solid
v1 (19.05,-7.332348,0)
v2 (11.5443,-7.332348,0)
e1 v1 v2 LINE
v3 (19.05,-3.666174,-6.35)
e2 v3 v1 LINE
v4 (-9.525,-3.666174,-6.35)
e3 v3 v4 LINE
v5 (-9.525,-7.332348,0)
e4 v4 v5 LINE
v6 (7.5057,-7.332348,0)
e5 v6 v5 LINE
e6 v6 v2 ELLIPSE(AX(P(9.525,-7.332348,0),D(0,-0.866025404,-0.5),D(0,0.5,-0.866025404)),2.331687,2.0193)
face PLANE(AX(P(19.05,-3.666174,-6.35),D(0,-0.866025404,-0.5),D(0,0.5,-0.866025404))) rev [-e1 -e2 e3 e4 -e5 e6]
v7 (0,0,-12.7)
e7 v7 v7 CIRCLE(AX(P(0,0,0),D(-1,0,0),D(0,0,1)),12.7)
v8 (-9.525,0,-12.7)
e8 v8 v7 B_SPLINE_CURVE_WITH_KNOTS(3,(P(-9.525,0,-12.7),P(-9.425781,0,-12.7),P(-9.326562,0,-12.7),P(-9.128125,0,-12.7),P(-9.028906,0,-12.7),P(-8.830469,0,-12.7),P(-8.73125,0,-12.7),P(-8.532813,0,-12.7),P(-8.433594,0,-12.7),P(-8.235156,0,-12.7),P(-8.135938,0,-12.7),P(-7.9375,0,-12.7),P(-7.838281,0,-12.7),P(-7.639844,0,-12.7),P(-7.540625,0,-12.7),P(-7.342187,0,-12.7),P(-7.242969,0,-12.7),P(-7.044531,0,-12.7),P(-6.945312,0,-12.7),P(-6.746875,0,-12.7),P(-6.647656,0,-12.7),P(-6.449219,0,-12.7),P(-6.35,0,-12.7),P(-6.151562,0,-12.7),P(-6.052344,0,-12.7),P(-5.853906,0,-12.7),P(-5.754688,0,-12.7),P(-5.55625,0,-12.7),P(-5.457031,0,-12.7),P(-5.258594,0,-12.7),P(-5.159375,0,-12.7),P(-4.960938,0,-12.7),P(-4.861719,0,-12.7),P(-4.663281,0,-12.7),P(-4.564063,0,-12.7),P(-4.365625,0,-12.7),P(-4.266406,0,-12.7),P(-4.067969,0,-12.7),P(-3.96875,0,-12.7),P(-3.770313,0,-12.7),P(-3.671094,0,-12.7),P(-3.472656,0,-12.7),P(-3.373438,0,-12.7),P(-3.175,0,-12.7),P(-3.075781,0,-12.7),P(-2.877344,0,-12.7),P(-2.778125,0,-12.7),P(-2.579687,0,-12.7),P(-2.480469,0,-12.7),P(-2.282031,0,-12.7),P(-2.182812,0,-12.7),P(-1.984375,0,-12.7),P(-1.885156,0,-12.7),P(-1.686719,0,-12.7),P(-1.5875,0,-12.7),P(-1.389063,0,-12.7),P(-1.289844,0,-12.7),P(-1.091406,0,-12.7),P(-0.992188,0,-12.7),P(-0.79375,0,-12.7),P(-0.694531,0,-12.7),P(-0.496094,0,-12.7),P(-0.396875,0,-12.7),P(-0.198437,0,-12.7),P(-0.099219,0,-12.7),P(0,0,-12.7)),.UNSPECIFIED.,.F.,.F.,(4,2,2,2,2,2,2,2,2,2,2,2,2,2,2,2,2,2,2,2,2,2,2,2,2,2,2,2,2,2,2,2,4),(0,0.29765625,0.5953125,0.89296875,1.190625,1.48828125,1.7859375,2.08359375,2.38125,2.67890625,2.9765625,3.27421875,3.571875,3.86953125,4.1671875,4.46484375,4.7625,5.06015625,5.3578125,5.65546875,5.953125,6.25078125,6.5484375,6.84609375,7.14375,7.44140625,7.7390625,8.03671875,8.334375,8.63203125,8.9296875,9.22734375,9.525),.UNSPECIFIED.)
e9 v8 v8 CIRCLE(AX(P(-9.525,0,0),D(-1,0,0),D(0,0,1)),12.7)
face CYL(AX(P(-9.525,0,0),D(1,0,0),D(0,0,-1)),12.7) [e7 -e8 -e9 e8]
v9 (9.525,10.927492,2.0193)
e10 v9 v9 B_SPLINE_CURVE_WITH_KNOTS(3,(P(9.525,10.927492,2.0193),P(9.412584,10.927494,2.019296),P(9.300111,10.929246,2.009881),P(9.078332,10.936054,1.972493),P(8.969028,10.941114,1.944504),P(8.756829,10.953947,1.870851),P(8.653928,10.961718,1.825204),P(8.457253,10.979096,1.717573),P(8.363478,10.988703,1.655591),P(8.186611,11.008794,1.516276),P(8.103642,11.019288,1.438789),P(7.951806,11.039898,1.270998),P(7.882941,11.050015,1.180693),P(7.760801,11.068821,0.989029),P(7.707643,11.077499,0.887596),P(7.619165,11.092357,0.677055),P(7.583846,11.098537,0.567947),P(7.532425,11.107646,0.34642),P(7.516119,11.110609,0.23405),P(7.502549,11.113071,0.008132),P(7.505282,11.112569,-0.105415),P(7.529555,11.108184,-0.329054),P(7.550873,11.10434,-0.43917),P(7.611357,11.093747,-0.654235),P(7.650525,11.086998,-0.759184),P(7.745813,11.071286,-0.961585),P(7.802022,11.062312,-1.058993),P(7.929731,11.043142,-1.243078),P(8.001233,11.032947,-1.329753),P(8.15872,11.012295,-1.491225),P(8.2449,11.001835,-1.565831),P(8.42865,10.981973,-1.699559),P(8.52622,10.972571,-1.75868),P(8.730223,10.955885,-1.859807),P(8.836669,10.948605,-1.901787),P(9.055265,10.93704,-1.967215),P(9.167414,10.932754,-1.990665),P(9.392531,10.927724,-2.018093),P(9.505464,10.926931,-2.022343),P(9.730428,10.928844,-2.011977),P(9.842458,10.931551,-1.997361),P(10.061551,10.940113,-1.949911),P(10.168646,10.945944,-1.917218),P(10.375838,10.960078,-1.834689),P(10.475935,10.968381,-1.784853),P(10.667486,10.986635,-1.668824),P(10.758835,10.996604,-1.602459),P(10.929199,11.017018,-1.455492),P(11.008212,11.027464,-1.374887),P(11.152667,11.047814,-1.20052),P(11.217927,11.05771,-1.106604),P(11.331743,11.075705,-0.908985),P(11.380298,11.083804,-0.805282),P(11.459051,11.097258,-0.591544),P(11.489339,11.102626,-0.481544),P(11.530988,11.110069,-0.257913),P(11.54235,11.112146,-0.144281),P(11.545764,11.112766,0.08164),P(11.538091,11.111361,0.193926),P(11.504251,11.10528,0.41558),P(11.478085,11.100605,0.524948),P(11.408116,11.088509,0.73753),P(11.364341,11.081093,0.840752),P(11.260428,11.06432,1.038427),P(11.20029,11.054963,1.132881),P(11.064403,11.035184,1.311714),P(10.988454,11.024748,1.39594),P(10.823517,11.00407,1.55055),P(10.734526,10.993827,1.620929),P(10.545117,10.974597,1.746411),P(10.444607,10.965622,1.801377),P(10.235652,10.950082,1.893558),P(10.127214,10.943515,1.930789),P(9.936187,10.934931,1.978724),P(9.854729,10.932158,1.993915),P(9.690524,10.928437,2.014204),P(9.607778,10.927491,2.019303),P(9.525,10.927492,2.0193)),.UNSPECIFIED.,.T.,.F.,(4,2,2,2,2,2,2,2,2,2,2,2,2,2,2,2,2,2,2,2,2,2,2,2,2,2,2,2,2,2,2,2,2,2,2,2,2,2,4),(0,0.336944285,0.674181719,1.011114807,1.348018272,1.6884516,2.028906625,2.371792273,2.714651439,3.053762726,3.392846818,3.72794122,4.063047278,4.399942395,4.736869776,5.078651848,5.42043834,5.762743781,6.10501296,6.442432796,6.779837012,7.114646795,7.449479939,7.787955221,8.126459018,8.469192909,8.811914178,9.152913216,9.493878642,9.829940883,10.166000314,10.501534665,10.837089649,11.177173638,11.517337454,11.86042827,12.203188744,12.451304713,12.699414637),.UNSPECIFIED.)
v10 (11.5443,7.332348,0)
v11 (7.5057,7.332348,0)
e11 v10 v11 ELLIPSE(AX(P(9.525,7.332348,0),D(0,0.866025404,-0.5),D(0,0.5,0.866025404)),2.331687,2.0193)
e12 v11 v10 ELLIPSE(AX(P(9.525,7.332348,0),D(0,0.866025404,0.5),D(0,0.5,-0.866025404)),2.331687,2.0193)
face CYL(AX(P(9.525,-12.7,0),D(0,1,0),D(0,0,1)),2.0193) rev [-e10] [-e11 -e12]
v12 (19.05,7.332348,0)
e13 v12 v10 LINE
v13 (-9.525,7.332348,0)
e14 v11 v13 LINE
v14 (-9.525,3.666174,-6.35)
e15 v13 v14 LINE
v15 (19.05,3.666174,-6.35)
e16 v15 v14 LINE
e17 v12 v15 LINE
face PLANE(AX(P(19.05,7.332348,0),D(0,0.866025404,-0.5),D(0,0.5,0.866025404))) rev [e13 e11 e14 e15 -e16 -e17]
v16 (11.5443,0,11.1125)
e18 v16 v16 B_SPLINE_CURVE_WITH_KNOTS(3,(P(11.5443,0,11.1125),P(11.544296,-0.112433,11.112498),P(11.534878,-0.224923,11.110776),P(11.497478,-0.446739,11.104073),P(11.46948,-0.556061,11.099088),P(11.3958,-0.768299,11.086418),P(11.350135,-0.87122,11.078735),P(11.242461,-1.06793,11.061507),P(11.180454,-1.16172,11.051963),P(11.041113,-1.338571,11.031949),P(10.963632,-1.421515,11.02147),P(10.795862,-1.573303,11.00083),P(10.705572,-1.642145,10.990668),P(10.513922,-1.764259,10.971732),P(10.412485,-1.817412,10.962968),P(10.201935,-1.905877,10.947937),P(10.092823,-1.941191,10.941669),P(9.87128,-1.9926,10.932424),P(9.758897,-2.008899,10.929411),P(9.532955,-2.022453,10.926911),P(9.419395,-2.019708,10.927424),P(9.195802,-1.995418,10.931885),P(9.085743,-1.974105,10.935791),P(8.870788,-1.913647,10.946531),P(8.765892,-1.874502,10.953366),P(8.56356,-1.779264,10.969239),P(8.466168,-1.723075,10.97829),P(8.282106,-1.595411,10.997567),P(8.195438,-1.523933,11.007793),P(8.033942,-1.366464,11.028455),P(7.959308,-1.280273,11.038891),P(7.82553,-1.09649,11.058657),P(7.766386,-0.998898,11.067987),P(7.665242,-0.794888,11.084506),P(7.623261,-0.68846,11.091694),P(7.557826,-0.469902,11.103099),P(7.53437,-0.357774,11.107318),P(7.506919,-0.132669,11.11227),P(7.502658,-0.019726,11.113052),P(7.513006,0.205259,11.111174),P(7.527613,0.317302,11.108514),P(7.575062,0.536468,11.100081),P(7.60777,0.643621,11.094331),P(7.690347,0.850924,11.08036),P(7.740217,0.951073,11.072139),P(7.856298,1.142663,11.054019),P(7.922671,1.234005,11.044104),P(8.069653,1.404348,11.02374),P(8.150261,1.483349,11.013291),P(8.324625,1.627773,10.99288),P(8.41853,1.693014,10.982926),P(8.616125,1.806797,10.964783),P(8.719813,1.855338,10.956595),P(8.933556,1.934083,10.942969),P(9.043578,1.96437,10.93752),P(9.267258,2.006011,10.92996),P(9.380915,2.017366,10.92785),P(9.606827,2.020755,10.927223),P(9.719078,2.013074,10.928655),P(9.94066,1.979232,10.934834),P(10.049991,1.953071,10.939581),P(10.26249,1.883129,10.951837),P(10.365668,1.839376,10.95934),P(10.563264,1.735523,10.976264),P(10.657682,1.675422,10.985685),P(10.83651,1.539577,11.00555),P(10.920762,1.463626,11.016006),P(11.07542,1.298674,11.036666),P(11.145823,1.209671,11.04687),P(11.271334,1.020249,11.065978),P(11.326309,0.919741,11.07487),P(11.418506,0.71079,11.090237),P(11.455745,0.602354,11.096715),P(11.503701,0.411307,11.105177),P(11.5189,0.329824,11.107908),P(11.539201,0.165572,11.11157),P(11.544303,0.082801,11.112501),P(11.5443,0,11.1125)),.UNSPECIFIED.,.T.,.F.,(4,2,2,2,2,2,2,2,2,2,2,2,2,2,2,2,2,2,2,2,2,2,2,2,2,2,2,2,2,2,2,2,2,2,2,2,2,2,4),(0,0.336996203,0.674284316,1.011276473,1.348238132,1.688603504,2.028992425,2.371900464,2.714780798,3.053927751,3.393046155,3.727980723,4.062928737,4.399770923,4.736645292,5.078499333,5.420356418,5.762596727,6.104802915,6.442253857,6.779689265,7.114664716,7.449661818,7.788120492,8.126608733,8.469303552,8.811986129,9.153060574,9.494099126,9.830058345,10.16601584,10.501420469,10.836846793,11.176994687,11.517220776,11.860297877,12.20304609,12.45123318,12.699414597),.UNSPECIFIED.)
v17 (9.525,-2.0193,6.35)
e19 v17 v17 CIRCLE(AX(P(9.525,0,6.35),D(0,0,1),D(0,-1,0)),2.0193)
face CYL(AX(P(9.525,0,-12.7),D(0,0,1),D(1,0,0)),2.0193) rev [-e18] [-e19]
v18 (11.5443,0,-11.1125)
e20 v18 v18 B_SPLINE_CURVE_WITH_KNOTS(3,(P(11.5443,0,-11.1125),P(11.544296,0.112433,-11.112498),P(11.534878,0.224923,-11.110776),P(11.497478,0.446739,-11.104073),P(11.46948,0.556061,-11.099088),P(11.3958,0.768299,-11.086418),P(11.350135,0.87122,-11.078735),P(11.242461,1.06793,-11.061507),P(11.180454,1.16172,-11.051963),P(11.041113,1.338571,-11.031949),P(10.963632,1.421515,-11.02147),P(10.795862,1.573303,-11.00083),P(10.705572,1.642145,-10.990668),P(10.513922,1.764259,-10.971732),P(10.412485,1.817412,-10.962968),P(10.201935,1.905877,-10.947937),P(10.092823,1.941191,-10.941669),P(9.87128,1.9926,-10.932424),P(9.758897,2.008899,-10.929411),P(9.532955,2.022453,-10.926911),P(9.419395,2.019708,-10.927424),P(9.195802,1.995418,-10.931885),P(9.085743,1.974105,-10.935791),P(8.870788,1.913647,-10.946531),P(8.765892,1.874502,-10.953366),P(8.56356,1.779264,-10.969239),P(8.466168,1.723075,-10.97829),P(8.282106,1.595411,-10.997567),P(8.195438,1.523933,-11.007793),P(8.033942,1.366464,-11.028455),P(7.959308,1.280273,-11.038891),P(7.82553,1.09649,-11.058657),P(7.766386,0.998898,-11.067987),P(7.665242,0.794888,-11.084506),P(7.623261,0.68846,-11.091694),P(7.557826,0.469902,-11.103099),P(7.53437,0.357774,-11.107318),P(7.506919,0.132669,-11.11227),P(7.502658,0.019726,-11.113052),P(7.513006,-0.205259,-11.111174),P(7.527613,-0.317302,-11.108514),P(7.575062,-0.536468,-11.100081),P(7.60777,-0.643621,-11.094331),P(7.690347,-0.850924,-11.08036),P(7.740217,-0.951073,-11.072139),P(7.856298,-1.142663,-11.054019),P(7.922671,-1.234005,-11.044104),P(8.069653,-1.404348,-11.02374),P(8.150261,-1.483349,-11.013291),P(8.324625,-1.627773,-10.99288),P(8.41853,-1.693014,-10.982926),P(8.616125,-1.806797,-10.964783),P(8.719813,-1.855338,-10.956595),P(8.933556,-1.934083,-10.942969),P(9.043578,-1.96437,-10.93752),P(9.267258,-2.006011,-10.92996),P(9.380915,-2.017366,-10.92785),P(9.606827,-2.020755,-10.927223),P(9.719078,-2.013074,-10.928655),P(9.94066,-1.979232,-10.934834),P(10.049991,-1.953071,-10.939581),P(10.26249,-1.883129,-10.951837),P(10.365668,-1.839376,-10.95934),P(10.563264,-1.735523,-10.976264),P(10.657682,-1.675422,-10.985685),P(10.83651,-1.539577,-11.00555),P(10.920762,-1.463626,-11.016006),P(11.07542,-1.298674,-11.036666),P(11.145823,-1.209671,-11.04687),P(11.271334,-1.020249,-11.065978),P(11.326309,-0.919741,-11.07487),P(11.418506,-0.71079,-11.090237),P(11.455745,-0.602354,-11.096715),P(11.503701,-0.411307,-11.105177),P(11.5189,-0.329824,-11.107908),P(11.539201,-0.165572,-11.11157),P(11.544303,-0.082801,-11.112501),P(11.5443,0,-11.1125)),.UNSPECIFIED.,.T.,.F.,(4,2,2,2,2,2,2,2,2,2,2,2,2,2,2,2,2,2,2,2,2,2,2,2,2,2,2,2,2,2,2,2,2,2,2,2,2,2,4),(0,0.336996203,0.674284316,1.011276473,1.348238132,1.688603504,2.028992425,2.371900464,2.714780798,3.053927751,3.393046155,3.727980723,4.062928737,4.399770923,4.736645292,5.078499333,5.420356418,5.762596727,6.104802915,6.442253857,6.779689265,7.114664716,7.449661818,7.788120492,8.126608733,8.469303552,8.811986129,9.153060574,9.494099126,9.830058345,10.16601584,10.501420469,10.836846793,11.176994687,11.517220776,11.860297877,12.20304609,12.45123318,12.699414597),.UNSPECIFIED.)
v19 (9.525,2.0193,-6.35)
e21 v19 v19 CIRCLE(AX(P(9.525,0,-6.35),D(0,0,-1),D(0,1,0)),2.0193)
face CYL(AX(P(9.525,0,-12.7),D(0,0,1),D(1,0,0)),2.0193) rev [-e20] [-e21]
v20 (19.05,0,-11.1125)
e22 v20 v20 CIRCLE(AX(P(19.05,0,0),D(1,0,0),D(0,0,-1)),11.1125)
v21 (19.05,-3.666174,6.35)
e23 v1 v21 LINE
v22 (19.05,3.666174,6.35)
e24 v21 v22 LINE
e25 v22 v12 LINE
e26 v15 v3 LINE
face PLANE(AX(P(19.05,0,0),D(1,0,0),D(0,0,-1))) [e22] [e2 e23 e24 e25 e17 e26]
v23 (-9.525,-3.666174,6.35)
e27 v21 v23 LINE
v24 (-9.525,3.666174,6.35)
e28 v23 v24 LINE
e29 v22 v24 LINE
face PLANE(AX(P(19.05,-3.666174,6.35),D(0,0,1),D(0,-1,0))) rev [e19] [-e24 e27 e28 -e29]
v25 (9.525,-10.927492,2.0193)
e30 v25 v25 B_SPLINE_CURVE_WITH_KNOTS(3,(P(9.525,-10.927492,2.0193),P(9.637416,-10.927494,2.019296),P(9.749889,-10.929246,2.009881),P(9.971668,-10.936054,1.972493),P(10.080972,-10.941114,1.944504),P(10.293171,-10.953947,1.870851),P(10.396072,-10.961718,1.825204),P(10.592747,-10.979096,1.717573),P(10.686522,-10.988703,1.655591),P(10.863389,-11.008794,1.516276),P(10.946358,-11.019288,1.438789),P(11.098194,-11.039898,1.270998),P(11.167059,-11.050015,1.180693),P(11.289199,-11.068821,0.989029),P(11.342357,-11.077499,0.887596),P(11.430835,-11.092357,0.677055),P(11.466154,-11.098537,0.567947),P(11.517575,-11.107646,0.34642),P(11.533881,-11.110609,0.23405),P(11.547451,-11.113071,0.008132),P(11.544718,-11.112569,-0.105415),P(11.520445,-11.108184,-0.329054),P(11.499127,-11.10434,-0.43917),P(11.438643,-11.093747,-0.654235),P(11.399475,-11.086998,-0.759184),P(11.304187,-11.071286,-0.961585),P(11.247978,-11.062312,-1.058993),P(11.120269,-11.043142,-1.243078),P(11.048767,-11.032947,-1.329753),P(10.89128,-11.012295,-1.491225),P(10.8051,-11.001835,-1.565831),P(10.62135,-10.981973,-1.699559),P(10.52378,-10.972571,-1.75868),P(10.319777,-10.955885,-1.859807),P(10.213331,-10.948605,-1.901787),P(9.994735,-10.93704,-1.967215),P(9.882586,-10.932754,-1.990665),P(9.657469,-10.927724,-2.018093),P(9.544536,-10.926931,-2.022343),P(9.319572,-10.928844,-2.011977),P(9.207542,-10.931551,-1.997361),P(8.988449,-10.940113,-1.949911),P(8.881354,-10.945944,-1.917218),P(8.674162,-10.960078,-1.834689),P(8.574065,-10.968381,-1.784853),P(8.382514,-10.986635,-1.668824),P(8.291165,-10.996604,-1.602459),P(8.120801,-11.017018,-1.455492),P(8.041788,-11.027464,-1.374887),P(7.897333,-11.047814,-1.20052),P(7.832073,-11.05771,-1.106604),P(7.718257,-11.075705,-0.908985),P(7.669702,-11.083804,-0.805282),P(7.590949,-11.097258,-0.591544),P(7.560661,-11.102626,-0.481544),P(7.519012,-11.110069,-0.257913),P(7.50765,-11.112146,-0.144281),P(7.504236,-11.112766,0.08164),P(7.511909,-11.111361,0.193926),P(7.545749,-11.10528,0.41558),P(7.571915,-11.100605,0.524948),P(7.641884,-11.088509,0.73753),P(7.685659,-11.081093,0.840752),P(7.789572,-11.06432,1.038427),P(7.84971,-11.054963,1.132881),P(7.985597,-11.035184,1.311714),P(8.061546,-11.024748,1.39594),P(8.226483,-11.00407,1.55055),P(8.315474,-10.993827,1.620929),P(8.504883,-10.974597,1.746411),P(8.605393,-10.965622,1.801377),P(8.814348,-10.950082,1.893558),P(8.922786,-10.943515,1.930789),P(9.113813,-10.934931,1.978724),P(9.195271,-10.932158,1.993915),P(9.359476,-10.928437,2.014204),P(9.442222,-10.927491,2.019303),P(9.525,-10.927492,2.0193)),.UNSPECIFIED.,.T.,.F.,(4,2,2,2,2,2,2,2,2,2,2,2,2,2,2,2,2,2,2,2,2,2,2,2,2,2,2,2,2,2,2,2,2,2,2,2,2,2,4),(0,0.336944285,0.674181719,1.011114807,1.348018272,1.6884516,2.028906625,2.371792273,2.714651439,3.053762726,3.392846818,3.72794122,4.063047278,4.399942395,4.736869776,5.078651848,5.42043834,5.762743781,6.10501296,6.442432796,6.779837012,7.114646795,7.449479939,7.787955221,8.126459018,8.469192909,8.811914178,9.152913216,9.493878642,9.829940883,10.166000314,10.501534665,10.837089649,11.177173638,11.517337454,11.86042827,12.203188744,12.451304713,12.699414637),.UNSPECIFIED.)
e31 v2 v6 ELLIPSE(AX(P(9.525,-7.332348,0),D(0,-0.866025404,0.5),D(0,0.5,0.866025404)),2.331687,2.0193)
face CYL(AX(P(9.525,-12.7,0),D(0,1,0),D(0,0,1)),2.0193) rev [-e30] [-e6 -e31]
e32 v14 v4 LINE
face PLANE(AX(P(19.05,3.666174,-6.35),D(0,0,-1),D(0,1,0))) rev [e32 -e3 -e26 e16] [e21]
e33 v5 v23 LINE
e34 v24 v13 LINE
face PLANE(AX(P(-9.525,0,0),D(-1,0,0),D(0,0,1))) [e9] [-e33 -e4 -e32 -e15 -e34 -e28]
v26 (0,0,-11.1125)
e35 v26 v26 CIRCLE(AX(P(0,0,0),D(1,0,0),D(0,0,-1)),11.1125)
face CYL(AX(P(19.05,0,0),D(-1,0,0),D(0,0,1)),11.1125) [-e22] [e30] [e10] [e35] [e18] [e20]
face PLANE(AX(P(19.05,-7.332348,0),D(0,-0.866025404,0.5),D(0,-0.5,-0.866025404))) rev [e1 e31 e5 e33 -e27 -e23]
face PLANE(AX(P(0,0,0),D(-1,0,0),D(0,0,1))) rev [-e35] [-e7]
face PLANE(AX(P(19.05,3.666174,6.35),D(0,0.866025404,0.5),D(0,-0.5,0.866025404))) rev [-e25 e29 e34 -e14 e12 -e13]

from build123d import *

# Parameters (mm, degrees)
SKETCH1_R               = 11.1125
BOSS_EXTRUDE1_DEPTH     = 19.05
SKETCH2_R               = 12.7
BOSS_EXTRUDE2_DEPTH     = 9.525
CUT_EXTRUDE1_DEPTH      = 34.750712955
CUT_EXTRUDE2_DEPTH      = 27.181720723
CUT_EXTRUDE2_DEPTH_BACK = 27.181720723
SKETCH5_R               = 2.0193
CUT_EXTRUDE3_DEPTH      = 27.181720795
CUT_EXTRUDE3_DEPTH_BACK = 27.181720795
SKETCH6_R               = 2.0193


with BuildPart() as part:
    # Sketch1 → Boss-Extrude1 (new body)
    with BuildSketch(Plane(origin=(0, 0, 0), x_dir=(0, 0, -1), z_dir=(1, 0, 0))):
        with Locations(Location((0, 0, 0), (0, 0, 180))):
            Circle(SKETCH1_R)
    extrude(amount=BOSS_EXTRUDE1_DEPTH)

    # Sketch2 → Boss-Extrude2 (add)
    with BuildSketch(Plane.ZY):
        with Locations(Location((0, 0, 0), (0, 0, 180))):
            Circle(SKETCH2_R)
    extrude(amount=BOSS_EXTRUDE2_DEPTH)

    # Sketch4 → Cut-Extrude1 (cut, through all)
    with BuildSketch(Plane.ZY.offset(9.525)):
        Polygon((0, 7.332348419), (-6.35, 3.666174209), (-6.35, -3.666174209), (0, -7.332348419), (6.35, -3.666174209), (6.35, 3.666174209), align=None)
    extrude(amount=-CUT_EXTRUDE1_DEPTH, mode=Mode.SUBTRACT)

    # Sketch5 → Cut-Extrude2 (cut, two sides: drawn at the far end of the back side and taken through both)
    with BuildSketch(Plane.XY.offset(-CUT_EXTRUDE2_DEPTH_BACK)):
        with Locations((9.525, 0)):
            Circle(SKETCH5_R)
    extrude(amount=CUT_EXTRUDE2_DEPTH + CUT_EXTRUDE2_DEPTH_BACK, mode=Mode.SUBTRACT)

    # Sketch6 → Cut-Extrude3 (cut, two sides: drawn at the far end of the back side and taken through both)
    with BuildSketch(Plane(origin=(0, 0, 0), x_dir=(1, 0, 0), z_dir=(0, 1, 0)).offset(-CUT_EXTRUDE3_DEPTH_BACK)):
        with Locations(Location((9.525, 0, 0), (0, 0, 270))):
            Circle(SKETCH6_R)
    extrude(amount=CUT_EXTRUDE3_DEPTH + CUT_EXTRUDE3_DEPTH_BACK, mode=Mode.SUBTRACT)


solid = part.part
